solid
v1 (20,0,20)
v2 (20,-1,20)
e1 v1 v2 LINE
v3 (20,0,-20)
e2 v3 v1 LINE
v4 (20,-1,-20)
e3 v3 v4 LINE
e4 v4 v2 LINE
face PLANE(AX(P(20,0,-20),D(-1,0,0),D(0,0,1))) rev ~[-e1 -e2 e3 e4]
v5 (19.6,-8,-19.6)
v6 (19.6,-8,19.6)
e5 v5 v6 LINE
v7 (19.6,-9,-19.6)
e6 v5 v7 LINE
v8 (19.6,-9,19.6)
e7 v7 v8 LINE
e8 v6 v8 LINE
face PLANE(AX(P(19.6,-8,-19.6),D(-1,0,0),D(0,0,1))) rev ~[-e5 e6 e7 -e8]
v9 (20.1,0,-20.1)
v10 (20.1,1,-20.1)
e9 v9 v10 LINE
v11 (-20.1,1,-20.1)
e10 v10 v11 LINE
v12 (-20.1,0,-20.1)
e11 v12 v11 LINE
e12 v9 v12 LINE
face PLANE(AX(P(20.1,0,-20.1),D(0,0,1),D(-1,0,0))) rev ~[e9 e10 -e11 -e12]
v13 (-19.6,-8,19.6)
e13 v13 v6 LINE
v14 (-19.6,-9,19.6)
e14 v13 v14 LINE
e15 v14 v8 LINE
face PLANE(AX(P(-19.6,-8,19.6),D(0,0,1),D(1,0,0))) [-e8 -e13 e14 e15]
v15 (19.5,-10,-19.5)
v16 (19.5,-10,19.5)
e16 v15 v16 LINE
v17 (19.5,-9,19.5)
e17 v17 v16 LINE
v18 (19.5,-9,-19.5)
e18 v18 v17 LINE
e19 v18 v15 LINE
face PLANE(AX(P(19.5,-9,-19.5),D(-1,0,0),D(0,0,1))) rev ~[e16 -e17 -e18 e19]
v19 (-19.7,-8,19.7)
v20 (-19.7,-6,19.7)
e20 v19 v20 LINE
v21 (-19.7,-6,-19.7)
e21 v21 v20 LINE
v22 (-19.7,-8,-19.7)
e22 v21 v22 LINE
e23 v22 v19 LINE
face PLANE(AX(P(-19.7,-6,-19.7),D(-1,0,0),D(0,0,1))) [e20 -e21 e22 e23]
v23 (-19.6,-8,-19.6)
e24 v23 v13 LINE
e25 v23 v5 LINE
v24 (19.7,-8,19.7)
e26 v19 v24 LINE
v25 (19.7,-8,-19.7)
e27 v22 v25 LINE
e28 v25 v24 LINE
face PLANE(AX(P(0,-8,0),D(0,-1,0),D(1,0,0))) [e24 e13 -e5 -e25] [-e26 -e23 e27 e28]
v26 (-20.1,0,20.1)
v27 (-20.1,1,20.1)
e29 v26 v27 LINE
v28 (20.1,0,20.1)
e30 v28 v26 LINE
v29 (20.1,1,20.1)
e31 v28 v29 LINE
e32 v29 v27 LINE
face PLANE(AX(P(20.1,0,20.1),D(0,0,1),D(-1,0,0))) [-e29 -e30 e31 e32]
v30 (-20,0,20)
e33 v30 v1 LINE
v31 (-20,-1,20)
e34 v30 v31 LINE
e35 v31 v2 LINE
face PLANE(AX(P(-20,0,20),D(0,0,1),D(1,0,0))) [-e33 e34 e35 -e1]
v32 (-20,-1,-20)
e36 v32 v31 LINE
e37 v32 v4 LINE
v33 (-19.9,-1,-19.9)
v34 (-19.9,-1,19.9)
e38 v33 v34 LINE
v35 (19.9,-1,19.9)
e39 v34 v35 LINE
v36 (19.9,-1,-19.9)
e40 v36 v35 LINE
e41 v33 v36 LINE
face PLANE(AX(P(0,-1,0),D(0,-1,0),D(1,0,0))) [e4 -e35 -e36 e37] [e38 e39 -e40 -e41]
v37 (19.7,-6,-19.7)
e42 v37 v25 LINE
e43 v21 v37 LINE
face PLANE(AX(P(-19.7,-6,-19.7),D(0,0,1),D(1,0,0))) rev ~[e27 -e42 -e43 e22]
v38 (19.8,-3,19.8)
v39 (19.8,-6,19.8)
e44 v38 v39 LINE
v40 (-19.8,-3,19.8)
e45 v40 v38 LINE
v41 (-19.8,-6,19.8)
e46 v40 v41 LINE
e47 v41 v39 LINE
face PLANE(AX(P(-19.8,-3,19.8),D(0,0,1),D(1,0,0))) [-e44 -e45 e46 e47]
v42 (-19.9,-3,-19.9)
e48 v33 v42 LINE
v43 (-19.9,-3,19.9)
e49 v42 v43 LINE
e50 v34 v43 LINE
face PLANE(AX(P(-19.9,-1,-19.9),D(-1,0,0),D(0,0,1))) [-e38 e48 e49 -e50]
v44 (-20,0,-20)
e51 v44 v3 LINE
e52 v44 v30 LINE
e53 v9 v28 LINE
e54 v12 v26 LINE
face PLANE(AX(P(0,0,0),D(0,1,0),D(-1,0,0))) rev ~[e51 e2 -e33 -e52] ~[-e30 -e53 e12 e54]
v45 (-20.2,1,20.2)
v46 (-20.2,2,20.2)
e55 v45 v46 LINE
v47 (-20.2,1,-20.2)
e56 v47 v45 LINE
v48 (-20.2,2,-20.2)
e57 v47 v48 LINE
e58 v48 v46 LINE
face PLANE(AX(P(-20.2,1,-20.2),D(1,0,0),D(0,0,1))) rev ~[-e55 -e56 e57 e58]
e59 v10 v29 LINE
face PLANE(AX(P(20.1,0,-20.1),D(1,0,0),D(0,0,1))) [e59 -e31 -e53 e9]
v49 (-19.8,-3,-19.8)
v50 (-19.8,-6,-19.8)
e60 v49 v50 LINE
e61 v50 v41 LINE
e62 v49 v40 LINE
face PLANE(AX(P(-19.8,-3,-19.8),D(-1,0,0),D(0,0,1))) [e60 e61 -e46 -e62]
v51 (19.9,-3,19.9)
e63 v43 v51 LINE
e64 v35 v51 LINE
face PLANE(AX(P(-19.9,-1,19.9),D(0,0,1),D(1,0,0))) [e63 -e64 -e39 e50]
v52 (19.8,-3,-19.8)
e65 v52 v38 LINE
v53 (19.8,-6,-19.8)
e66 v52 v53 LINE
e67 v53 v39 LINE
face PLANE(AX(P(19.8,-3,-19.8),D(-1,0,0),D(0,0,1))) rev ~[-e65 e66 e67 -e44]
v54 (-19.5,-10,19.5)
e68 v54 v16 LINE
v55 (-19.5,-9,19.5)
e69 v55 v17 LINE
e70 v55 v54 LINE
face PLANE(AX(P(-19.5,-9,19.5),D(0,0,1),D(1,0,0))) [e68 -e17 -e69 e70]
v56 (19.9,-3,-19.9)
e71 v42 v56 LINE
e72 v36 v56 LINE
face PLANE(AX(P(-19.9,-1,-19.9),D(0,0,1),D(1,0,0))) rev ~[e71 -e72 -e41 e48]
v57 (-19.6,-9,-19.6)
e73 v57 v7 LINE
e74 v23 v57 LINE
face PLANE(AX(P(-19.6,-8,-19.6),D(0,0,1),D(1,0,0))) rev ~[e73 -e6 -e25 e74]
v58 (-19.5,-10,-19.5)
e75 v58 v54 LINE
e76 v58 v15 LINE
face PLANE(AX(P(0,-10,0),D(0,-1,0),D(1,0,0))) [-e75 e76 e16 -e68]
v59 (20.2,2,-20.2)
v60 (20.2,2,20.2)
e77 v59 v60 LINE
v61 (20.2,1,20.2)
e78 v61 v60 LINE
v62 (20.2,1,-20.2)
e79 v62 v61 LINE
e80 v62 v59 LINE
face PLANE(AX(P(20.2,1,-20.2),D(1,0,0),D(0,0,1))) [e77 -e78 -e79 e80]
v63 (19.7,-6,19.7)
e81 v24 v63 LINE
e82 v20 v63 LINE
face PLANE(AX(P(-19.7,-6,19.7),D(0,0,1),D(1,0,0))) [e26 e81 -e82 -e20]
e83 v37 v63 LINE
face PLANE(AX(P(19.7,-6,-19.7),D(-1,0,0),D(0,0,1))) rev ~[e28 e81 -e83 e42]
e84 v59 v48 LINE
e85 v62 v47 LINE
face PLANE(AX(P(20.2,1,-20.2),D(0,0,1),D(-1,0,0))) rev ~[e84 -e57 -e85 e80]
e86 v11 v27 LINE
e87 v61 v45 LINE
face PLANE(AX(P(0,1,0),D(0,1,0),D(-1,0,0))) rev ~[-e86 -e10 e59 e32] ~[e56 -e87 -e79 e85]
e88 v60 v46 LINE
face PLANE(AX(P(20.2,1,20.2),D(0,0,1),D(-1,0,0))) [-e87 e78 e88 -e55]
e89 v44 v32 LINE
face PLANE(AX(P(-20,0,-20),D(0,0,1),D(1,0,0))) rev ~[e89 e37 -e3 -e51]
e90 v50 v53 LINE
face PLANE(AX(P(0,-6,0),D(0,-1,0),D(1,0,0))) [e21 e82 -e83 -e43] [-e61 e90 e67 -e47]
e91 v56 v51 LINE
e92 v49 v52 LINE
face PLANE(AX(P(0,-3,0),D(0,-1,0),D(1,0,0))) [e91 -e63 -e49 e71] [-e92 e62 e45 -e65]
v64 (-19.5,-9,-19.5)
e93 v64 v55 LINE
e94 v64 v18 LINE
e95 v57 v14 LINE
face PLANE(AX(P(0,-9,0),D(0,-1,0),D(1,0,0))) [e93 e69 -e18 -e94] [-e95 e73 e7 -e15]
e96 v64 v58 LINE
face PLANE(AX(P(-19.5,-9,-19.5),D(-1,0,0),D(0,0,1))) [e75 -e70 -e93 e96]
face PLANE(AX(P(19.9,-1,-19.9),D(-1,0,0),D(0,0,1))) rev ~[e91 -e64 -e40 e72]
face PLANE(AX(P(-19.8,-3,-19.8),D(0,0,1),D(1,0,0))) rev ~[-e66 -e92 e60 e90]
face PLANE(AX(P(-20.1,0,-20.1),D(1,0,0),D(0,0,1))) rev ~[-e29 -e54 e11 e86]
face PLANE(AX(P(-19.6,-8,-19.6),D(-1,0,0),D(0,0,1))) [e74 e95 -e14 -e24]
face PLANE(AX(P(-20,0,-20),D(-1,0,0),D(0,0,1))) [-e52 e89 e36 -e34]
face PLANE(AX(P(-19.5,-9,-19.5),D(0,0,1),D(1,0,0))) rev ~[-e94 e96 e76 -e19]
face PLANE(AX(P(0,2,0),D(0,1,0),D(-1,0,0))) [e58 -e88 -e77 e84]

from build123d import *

# Parameters (mm, degrees)
F0_W      = 40
F0_H      = 40
F1_DEPTH  = 1
F2_W      = 39.8
F2_H      = 39.8
F3_DEPTH  = 2
F4_W      = 39.6
F4_H      = 39.6
F5_DEPTH  = 3
F6_W      = 39.4
F6_H      = 39.4
F7_DEPTH  = 1
F8_W      = 39.4
F8_H      = 39.4
F9_DEPTH  = 1
F10_W     = 39.2
F10_H     = 39.2
F11_DEPTH = 1
F12_W     = 39
F12_H     = 39
F13_DEPTH = 1
F14_W     = 40.2
F14_H     = 40.2
F15_DEPTH = 1
F16_W     = 40.4
F16_H     = 40.4
F17_DEPTH = 1


with BuildPart() as f1:
    # F0 (on Front) → F1 (new body)
    with BuildSketch(Plane.XZ):
        Rectangle(F0_W, F0_H)
    extrude(amount=F1_DEPTH)

    # F2 (on face) → F3 (join)
    with BuildSketch(Plane.XZ.offset(1)):
        Rectangle(F2_W, F2_H)
    extrude(amount=F3_DEPTH)

    # F4 (on face) → F5 (join)
    with BuildSketch(Plane.XZ.offset(3)):
        Rectangle(F4_W, F4_H)
    extrude(amount=F5_DEPTH)



with BuildPart() as f7:
    # F6 (on face) → F7 (new body)
    with BuildSketch(Plane.XZ.offset(7)):
        Rectangle(F6_W, F6_H)
    extrude(amount=F7_DEPTH)


with BuildPart() as f1_1:
    add(f1.part)

    add(f7.part)  # F9 merges F7
    # F8 (on face) → F9 (join)
    with BuildSketch(Plane.XZ.offset(6)):
        Rectangle(F8_W, F8_H)
    extrude(amount=F9_DEPTH)

    # F10 (on face) → F11 (join)
    with BuildSketch(Plane.XZ.offset(8)):
        Rectangle(F10_W, F10_H)
    extrude(amount=F11_DEPTH)

    # F12 (on face) → F13 (join)
    with BuildSketch(Plane.XZ.offset(9)):
        Rectangle(F12_W, F12_H)
    extrude(amount=F13_DEPTH)

    # F14 (on face) → F15 (join)
    with BuildSketch(Plane(origin=(0, 0, 0), x_dir=(-1, 0, 0), z_dir=(0, 1, 0))):
        Rectangle(F14_W, F14_H)
    extrude(amount=F15_DEPTH)

    # F16 (on face) → F17 (join)
    with BuildSketch(Plane(origin=(0, 1, 0), x_dir=(-1, 0, 0), z_dir=(0, 1, 0))):
        Rectangle(F16_W, F16_H)
    extrude(amount=F17_DEPTH)


solid = f1_1.part
